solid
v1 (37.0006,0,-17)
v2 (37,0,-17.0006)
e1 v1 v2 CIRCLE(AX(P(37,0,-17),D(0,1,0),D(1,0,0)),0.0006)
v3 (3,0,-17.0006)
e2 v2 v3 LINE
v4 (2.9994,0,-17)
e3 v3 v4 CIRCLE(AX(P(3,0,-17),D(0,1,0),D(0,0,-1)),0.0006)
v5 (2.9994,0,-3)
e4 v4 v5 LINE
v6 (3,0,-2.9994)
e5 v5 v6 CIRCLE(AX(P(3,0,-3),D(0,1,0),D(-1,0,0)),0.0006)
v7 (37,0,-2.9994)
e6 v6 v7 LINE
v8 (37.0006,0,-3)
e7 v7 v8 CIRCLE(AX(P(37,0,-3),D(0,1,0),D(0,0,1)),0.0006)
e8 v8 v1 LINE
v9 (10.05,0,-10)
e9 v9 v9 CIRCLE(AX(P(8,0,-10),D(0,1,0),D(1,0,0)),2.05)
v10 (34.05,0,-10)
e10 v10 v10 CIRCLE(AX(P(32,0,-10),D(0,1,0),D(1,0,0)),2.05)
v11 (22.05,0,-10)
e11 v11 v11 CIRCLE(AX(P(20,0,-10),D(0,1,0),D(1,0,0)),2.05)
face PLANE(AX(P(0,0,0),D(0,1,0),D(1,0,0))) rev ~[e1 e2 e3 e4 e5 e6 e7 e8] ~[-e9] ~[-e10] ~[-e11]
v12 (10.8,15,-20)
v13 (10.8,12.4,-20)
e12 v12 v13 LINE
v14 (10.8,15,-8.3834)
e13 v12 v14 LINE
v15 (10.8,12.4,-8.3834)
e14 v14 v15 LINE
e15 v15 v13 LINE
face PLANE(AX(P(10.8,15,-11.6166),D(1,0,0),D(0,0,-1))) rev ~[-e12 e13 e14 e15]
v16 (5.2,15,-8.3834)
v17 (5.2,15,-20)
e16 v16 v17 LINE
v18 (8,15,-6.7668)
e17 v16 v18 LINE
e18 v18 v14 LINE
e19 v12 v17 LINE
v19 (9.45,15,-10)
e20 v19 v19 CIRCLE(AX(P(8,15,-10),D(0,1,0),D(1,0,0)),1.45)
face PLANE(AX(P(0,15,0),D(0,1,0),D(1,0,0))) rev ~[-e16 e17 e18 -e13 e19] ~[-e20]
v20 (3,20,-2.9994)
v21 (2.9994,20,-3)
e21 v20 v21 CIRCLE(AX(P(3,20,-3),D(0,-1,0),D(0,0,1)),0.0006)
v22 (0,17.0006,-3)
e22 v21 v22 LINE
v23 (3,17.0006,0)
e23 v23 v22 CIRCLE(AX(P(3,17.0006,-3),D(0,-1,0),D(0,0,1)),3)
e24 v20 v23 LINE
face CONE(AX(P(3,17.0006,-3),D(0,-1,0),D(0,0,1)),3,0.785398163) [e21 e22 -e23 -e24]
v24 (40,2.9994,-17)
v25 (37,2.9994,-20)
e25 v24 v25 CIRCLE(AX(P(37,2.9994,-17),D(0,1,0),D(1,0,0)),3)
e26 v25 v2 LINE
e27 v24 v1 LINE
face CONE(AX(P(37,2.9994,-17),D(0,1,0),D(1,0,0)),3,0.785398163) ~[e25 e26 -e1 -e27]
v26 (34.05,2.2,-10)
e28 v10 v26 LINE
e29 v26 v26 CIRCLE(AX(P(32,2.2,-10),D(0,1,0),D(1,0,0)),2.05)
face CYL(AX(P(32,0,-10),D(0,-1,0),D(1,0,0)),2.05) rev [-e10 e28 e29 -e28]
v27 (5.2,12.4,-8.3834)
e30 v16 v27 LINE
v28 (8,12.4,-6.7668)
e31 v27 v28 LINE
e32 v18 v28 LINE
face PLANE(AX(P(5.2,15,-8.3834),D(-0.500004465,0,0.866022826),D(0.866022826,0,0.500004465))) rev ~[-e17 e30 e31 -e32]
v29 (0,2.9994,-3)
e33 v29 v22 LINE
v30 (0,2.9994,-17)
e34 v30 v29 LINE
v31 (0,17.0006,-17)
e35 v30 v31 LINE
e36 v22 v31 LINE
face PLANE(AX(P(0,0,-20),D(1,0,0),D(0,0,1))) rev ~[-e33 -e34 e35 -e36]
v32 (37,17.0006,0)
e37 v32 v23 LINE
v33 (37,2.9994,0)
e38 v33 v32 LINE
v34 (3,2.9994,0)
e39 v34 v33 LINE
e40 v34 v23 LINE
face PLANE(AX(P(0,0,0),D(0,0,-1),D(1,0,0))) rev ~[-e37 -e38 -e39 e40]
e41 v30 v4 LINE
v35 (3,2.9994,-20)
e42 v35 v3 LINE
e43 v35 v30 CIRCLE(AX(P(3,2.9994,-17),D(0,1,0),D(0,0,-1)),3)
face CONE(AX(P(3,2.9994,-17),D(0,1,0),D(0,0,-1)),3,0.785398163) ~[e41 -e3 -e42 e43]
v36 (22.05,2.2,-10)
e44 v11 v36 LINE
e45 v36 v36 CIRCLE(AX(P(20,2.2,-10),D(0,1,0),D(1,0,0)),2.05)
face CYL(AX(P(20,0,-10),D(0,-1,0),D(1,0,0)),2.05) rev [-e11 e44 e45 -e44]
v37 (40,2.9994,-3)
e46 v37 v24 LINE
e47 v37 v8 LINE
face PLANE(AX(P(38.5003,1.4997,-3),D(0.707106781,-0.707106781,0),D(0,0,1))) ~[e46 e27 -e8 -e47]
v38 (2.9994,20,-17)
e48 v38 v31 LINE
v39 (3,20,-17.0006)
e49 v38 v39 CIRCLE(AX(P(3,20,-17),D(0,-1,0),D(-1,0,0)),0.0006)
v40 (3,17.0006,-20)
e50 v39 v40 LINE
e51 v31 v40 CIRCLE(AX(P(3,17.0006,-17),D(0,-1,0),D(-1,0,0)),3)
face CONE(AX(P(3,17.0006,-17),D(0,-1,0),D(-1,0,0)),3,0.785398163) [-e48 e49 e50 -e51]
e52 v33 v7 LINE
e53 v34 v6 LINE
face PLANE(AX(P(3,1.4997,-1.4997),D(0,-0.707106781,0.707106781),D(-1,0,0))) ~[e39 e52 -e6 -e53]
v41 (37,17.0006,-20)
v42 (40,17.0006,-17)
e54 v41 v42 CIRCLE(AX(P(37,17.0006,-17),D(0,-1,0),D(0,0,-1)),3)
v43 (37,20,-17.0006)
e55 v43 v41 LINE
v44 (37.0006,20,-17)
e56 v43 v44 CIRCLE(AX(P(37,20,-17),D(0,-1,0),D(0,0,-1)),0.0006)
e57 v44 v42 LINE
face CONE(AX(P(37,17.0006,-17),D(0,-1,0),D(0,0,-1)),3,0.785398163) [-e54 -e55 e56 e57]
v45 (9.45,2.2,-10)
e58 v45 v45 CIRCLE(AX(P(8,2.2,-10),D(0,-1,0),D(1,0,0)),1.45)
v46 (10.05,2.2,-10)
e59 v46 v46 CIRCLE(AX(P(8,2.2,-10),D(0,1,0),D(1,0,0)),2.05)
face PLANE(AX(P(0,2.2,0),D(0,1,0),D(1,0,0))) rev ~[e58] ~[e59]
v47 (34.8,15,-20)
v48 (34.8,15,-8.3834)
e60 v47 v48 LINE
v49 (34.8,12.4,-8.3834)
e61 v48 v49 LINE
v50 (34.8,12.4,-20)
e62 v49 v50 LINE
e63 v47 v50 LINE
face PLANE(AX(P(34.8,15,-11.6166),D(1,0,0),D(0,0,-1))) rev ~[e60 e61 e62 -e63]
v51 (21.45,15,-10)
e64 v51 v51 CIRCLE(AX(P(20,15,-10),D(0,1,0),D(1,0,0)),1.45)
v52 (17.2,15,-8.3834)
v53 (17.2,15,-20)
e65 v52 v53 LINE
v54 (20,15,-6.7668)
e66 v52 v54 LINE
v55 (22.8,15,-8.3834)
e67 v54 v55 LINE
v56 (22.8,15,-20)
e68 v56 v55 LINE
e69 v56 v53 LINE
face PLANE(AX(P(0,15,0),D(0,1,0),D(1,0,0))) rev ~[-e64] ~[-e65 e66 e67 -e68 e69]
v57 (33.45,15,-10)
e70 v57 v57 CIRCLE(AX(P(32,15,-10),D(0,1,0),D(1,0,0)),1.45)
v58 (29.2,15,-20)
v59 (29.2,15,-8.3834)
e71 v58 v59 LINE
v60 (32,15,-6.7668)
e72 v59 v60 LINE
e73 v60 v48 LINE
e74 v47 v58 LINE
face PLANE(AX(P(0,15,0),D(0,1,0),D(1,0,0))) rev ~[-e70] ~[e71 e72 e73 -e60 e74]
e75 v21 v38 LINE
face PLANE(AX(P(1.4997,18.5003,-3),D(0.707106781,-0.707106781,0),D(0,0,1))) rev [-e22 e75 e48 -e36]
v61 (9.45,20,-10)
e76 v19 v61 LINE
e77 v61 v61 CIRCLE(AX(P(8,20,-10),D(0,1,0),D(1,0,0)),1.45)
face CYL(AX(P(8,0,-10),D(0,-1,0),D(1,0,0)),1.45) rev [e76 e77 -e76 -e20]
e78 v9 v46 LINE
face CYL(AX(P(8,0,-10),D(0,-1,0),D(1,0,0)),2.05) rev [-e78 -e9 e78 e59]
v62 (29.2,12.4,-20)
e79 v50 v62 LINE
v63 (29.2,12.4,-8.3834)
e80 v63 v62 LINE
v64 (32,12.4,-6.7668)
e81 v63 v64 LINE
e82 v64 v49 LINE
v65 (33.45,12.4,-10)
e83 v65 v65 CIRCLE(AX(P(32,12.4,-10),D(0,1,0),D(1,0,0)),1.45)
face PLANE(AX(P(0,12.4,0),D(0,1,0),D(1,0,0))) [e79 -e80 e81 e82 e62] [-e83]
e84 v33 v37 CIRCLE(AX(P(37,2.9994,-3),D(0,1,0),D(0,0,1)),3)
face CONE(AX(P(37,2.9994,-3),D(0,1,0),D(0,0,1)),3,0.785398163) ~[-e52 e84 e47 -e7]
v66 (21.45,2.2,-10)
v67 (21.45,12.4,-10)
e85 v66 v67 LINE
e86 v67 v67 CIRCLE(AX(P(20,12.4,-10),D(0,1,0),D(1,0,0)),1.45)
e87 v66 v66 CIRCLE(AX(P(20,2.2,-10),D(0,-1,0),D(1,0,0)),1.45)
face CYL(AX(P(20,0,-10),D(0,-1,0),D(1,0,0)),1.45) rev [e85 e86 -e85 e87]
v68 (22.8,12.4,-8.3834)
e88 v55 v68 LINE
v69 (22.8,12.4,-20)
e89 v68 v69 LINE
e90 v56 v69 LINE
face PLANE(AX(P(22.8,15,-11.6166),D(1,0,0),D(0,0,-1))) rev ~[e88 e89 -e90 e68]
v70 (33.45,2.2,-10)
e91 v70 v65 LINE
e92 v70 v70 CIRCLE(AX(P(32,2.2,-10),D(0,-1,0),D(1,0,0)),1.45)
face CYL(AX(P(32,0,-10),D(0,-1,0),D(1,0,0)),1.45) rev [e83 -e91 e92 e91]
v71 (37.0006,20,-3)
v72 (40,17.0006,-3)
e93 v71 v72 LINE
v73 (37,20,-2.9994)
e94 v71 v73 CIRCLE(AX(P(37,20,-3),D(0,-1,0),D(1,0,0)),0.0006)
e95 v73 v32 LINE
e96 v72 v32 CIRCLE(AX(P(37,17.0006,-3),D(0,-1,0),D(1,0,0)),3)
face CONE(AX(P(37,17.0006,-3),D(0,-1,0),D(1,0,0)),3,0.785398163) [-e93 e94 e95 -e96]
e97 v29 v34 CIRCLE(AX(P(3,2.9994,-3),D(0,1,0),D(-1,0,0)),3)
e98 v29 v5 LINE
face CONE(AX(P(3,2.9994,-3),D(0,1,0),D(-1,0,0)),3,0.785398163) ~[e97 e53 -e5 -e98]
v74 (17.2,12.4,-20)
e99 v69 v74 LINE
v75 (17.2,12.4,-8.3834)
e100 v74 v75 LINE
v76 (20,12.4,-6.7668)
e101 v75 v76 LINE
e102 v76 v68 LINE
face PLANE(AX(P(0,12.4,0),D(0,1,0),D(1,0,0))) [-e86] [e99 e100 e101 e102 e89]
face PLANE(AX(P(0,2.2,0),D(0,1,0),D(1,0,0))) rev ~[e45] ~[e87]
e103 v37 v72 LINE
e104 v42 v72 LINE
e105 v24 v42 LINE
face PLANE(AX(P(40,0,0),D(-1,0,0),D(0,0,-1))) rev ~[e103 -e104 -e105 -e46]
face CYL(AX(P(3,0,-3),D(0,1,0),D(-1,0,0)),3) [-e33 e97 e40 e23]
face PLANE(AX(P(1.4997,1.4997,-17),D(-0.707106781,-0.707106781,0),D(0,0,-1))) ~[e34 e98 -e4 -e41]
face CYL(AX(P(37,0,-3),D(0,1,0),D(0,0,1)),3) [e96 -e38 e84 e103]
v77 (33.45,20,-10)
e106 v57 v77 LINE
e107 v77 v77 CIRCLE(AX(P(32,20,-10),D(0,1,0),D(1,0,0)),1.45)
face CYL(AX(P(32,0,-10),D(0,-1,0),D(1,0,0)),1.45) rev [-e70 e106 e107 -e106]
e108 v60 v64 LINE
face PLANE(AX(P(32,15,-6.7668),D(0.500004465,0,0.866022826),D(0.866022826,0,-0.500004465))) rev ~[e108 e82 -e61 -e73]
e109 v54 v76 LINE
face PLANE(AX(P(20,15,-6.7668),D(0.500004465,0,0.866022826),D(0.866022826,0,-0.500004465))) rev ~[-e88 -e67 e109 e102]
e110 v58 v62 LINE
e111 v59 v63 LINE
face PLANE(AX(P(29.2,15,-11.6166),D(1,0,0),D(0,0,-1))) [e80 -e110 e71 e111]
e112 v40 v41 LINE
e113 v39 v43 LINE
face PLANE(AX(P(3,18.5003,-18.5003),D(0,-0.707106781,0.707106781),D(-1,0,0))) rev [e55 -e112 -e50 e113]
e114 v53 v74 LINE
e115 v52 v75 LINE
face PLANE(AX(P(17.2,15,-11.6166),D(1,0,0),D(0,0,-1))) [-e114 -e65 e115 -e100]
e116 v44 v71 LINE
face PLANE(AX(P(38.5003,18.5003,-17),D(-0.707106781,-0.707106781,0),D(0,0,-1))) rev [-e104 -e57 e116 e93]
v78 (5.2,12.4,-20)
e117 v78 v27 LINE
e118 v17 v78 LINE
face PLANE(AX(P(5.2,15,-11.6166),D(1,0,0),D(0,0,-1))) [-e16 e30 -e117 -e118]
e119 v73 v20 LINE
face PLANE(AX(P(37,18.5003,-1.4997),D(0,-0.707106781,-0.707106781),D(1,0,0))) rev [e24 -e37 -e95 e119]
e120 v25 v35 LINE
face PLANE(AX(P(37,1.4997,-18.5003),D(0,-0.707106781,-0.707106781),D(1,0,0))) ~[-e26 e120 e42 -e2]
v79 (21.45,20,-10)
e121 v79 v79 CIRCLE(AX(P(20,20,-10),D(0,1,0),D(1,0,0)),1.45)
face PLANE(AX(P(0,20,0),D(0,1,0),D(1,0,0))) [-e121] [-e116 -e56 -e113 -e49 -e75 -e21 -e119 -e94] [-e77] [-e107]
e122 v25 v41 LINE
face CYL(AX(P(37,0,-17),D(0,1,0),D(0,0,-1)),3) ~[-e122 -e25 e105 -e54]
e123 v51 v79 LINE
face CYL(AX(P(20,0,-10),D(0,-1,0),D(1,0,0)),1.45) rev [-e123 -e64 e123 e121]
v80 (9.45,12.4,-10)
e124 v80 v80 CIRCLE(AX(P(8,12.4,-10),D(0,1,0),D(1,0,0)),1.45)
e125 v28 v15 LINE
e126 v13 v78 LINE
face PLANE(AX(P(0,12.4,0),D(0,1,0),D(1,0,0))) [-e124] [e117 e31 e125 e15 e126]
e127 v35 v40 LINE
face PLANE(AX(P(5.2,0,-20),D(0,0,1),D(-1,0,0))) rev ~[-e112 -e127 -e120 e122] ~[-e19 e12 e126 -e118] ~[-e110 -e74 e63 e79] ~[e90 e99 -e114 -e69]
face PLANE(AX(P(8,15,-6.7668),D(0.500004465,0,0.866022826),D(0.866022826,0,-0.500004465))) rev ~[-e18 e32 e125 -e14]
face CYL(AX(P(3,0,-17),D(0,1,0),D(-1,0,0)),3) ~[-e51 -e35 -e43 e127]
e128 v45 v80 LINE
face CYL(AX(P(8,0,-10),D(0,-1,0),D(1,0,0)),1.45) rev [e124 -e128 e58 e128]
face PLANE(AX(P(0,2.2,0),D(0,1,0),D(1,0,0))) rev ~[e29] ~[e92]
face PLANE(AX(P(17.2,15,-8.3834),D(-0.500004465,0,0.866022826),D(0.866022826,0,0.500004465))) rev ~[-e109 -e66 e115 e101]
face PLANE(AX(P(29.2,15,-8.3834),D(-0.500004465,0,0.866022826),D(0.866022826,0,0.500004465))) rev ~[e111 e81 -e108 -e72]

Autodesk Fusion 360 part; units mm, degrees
sketch "Sketch1" plane through (0, 0, 0) normal (0, 1, 0) x (1, 0, 0)
  line L0 (0, 0) -> (40, 0)
  line L1 (40, 0) -> (40, 20)
  line L2 (40, 20) -> (0, 20)
  line L3 (0, 20) -> (0, 0)
  circle A0 centre (8, 10) radius 2.05
  circle A1 centre (20, 10) radius 2.05
  circle A2 centre (32, 10) radius 2.05
  circle A3 centre (8, 10) radius 2.8 construction
  circle A4 centre (32, 10) radius 2.8 construction
  line L4 (5.2, 8.3834) -> (8, 6.7668)
  line L5 (8, 6.7668) -> (10.8, 8.3834)
  line L6 (10.8, 8.3834) -> (10.8, 11.6166)
  line L7 (10.8, 11.6166) -> (8, 13.2332) construction
  line L8 (8, 13.2332) -> (5.2, 11.6166) construction
  line L9 (5.2, 11.6166) -> (5.2, 8.3834)
  line L10 (29.2, 8.3834) -> (32, 6.7668)
  line L11 (32, 6.7668) -> (34.8, 8.3834)
  line L12 (34.8, 8.3834) -> (34.8, 11.6166)
  line L13 (34.8, 11.6166) -> (32, 13.2332) construction
  line L14 (32, 13.2332) -> (29.2, 11.6166) construction
  line L15 (29.2, 11.6166) -> (29.2, 8.3834)
  line L16 (10.8, 11.6166) -> (10.8, 20)
  line L17 (5.2, 11.6166) -> (5.2, 20)
  line L18 (34.8, 11.6166) -> (34.8, 20)
  line L19 (29.2, 11.6166) -> (29.2, 20)
  circle A5 centre (20, 10) radius 1.45
  circle A6 centre (32, 10) radius 1.45
  circle A7 centre (8, 10) radius 1.45
  line L20 (17.2, 8.3834) -> (20, 6.7668)
  line L21 (20, 6.7668) -> (22.8, 8.3834)
  line L22 (22.8, 8.3834) -> (22.8, 11.6166)
  line L23 (22.8, 11.6166) -> (20, 13.2332) construction
  line L24 (20, 13.2332) -> (17.2, 11.6166) construction
  line L25 (17.2, 11.6166) -> (17.2, 8.3834)
  line L26 (17.2, 11.6166) -> (17.2, 20)
  line L27 (22.8, 11.6166) -> (22.8, 20)
  point P0 (8, 10)
  point P1 (32, 10)
  point P2 (20, 10)
  dimension "ClampWidth" = 20
  dimension "ClampLength" = 40
  dimension "MagnetHoleDia" = 4.1
  dimension "d7" = 10
  dimension "d11" = 8
  dimension "d14" = 24
  dimension "d15" = 0
  dimension "NutCircum" = 5.6
  dimension "d17" = 10
  dimension "d19" = 5.6
  dimension "d20" = 8
  dimension "d21" = 10
  dimension "d22" = 2.9
  dimension "ScrewDia" = 2.9
  dimension "d24" = 2.9
extrude "Extrude1" add sketch "Sketch1" along normal blind 20 contours L0 L1 L2 L3 L4 L5 L6 L9 L10 L11 L12 L15 L16 L17 L18 L19 L20 L21 L22 L25 L26 L27 | L2 L4 L5 L6 L9 L16 L17 | L2 L10 L11 L12 L15 L18 L19 | L2 L20 L21 L22 L25 L26 L27 | A0 | A1 | A2 | A5 | A6 | A7
extrude "Extrude2" cut sketch "Sketch1" along normal blind 2.2 contours A0 | A1 | A2 | A5 | A6 | A7
extrude "Extrude3" cut sketch "Sketch1" along normal blind 20 contours A5 | A6 | A7
extrude "Extrude4" cut sketch "Sketch1" against normal blind 2.6 from surface at 15 contours L2 L4 L5 L6 L9 L16 L17 | L2 L10 L11 L12 L15 L18 L19 | L2 L20 L21 L22 L25 L26 L27 | A0 | A1 | A2
fillet "Fillet1" radius 3 4 edges at (40, 10, -20) (40, 10, 0) (0, 10, 0) (0, 10, -20)
chamfer "Chamfer1" distance 3 angle 45 8 edges at (20, 20, -20) (40, 20, -10) (20, 20, 0) (0, 20, -10) (0, 0, -10) (20, 0, -20) (20, 0, 0) (40, 0, -10)
equation "d7 = ClampWidth / 2"
equation "d11 = ClampLength / 5"
equation "d14 = ClampLength * 3 / 5"
equation "d17 = ClampWidth / 2"
equation "d19 = NutCircum"
equation "d20 = ClampLength / 5"
equation "d21 = ClampWidth / 2"
equation "d22 = ScrewDia"
equation "d24 = ScrewDia"
equation "TotalHeight = 20 mm"
equation "d29 = TotalHeight"
equation "NutTopOffset = 5 mm"
equation "NutWidth = 2.6 mm"
equation "d33 = TotalHeight - NutTopOffset"
equation "d34 = -NutWidth"
